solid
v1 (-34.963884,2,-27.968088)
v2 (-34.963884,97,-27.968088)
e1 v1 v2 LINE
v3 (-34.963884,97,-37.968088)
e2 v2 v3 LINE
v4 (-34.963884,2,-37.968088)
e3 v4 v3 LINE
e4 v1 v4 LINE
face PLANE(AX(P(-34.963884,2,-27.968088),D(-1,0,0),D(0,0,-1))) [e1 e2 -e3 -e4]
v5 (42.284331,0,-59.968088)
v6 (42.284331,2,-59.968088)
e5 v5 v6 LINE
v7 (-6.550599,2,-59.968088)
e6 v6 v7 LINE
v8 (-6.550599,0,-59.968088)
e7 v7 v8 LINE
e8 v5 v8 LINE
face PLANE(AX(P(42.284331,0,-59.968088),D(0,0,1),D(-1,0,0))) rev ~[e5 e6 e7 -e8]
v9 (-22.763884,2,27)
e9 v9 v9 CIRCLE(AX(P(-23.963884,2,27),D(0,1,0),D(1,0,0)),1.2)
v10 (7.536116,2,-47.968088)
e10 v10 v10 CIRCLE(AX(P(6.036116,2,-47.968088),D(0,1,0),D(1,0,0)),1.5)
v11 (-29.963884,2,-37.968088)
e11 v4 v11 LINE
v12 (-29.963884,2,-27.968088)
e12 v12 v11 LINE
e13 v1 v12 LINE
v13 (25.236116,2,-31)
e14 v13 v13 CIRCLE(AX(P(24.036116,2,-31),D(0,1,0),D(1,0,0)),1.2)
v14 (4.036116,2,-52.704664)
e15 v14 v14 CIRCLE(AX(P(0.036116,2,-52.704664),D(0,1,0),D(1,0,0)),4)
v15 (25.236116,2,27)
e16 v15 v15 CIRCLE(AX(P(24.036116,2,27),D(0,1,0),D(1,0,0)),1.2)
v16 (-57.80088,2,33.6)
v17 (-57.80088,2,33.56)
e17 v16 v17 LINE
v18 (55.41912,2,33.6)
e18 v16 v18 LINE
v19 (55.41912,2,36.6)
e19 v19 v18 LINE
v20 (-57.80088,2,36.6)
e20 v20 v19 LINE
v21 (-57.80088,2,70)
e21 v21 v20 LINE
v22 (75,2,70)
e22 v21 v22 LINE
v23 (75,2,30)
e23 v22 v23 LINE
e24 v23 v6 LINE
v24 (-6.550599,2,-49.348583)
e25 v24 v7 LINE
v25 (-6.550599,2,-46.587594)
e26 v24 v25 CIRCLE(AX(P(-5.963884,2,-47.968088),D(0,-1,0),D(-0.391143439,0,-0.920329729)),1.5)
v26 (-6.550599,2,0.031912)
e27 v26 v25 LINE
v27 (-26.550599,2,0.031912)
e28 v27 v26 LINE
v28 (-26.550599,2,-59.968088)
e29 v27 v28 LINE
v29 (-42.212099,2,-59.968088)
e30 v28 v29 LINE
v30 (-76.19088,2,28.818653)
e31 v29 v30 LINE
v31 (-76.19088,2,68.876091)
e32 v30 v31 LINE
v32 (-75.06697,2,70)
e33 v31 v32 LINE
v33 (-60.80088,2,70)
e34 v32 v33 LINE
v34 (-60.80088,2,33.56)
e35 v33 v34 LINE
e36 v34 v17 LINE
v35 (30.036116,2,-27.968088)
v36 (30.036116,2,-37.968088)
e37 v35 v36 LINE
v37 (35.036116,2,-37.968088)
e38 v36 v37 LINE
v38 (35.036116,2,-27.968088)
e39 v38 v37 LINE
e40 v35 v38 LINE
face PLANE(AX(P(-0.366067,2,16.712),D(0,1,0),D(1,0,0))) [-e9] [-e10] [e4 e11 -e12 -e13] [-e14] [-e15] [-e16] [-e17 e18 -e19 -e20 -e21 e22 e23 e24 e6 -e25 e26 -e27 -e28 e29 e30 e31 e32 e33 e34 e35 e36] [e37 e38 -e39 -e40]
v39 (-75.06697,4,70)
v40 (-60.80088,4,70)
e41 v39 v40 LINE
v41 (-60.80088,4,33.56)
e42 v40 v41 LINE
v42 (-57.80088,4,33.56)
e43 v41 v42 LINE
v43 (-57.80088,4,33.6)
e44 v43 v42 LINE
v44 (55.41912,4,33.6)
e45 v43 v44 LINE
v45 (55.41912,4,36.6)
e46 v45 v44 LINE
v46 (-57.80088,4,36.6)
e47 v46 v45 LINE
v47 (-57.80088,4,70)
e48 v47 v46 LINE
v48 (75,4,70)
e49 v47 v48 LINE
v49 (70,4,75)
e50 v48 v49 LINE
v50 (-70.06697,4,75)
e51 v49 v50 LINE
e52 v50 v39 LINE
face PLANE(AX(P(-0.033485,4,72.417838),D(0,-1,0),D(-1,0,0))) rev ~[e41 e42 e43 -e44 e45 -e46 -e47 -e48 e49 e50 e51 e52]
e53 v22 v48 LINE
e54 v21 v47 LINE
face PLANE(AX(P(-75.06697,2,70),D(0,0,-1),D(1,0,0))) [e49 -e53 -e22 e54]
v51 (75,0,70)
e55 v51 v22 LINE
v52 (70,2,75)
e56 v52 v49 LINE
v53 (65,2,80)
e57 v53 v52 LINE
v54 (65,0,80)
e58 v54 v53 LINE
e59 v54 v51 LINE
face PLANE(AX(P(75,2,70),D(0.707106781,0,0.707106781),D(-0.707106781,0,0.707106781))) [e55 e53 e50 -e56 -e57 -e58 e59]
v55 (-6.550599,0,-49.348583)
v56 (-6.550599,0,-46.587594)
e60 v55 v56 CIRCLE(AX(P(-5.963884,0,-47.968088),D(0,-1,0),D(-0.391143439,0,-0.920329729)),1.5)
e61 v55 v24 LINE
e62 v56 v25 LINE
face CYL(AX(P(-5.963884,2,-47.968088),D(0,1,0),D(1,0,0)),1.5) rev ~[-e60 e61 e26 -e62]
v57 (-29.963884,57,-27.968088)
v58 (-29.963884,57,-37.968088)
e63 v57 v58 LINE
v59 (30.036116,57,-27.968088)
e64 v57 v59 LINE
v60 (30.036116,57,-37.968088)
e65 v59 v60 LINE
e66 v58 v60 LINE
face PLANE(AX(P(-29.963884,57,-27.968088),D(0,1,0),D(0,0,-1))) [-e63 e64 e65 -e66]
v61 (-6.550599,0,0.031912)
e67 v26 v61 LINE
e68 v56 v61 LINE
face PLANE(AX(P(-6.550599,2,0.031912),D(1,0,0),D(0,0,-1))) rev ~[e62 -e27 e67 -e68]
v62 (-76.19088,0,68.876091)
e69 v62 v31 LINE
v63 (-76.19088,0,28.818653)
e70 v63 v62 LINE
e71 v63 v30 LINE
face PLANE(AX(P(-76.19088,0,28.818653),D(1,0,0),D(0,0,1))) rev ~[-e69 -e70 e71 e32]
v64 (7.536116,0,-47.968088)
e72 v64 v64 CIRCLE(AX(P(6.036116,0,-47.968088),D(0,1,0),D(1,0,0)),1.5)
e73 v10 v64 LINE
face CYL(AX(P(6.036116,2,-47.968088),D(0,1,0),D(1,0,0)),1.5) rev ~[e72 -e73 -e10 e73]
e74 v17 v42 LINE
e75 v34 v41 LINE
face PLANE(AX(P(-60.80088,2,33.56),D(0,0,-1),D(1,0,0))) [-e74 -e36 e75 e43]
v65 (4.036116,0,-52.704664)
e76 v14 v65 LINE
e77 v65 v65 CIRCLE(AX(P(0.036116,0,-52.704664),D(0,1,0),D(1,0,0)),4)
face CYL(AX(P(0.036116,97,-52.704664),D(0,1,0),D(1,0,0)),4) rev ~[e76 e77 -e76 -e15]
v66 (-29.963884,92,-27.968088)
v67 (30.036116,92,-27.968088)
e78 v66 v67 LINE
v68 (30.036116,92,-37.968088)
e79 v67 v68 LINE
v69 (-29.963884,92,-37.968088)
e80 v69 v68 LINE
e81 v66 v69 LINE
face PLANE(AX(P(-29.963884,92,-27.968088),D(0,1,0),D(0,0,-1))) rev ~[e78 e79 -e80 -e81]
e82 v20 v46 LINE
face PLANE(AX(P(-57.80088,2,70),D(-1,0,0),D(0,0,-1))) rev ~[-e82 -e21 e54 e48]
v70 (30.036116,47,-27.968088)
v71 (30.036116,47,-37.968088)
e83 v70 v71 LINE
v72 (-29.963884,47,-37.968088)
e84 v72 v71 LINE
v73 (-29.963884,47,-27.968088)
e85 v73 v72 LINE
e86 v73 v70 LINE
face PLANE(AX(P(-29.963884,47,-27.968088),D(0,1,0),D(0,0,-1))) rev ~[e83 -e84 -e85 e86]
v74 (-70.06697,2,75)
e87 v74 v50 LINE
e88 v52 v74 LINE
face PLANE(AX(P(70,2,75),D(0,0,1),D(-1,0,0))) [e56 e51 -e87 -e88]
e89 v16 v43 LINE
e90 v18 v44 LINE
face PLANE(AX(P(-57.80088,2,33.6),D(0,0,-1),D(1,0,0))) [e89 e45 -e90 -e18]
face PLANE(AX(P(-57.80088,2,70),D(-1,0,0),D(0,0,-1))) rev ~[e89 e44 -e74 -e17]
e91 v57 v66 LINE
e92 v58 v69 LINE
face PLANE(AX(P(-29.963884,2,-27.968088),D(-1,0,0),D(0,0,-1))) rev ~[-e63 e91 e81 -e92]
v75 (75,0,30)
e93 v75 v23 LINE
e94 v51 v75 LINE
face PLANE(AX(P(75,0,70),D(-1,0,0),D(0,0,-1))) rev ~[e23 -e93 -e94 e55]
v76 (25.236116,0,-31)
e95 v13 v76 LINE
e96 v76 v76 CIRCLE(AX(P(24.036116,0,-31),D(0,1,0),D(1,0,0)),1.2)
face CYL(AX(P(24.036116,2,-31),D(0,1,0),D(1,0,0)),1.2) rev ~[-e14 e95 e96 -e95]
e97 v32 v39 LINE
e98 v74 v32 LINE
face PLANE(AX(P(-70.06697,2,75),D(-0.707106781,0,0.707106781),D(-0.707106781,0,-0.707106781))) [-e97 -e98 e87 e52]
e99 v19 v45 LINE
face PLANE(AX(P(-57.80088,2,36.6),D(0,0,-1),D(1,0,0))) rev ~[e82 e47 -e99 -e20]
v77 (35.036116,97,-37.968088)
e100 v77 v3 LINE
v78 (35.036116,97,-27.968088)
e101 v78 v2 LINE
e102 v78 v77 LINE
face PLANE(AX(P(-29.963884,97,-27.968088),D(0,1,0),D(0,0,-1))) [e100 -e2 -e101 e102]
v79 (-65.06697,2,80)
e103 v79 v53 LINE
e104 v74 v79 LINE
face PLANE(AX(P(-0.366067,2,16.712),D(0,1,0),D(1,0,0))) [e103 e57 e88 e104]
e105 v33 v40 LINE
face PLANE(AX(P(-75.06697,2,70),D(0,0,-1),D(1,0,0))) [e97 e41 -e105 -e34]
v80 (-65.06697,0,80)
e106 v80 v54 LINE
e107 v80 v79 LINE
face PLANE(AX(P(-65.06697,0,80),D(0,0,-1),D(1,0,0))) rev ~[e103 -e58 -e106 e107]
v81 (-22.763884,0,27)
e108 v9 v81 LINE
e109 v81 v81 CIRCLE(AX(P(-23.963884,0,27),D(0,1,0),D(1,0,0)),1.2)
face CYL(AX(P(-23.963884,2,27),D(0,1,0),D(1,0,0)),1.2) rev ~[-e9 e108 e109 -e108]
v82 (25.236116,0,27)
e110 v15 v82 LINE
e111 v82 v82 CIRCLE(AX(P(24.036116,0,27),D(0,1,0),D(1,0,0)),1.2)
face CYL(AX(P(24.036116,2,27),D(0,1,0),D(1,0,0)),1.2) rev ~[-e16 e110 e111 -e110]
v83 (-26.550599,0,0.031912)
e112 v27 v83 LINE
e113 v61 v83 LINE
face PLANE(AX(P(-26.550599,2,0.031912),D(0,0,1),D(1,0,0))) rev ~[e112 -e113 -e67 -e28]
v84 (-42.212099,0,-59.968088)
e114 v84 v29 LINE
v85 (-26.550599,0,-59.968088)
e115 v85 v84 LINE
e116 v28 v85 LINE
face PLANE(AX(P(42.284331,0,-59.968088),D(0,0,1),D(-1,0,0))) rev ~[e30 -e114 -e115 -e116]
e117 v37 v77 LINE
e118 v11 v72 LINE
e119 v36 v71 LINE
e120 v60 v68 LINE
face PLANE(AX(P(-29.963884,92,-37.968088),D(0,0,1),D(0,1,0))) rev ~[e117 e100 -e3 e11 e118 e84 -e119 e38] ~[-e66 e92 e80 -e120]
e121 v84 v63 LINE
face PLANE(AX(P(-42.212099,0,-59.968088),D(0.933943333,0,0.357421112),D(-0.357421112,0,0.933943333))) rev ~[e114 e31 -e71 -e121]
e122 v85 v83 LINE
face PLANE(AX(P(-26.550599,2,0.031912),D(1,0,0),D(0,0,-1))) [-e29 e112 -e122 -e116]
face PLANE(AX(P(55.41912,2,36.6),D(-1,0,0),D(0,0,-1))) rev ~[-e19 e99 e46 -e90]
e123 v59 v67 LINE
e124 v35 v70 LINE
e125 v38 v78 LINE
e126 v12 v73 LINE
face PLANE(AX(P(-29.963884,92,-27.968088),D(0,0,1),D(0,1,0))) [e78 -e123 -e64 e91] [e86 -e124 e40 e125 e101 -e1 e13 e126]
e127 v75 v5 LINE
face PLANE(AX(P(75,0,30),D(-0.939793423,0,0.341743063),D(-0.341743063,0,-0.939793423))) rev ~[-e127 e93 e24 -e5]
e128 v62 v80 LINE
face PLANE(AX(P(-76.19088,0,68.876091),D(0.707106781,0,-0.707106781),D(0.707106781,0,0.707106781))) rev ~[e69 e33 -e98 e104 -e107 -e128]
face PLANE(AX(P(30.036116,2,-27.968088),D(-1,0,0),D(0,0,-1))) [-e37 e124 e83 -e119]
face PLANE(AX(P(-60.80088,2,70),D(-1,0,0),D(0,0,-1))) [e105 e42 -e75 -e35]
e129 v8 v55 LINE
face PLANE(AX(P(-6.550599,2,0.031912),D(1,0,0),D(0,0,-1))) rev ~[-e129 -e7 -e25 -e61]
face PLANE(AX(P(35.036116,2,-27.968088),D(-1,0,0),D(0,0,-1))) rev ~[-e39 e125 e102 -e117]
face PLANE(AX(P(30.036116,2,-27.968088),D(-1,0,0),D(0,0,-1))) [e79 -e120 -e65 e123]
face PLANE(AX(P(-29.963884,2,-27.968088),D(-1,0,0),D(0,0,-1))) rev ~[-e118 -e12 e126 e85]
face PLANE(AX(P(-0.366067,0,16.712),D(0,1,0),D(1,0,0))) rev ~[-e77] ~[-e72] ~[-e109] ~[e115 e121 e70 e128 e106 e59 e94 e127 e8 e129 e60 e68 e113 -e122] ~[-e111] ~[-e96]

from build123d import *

# Parameters (mm, degrees)
BOSS_EXTRUDE1_DEPTH = 2
BOSS_EXTRUDE2_DEPTH = 2
SKETCH4_W           = 3
SKETCH4_H           = 36.44
BOSS_EXTRUDE3_DEPTH = 2
SKETCH5_W           = 113.22
SKETCH5_H           = 3
BOSS_EXTRUDE4_DEPTH = 2
CUT_EXTRUDE1_REACH  = 4
SKETCH6_R           = 1.2
CUT_EXTRUDE2_REACH  = 4
SKETCH10_R          = 1.5
SKETCH11_W          = 5
SKETCH11_H          = 10
BOSS_EXTRUDE6_DEPTH = 95
SKETCH12_W          = 10
SKETCH12_H          = 5
BOSS_EXTRUDE7_DEPTH = 60
CUT_EXTRUDE3_REACH  = 99
SKETCH13_R          = 4
SKETCH14_W          = 10
SKETCH14_H          = 10
BOSS_EXTRUDE8_DEPTH = 60
CUT_EXTRUDE4_REACH  = 4
SKETCH16_W          = 20
SKETCH16_H          = 60


with BuildPart() as part:
    # Sketch1 → Boss-Extrude1 (new body)
    with BuildSketch(Plane(origin=(0, 0, 0), x_dir=(1, 0, 0), z_dir=(0, 1, 0))):
        Polygon((-76.190879746, -68.876090608), (-65.066970355, -80), (65, -80), (75, -70), (75, -30), (42.284331493, 59.968088394), (-42.212099054, 59.968088394), (-76.190879746, -28.818652669), align=None)
    extrude(amount=BOSS_EXTRUDE1_DEPTH)

    # Sketch2 → Boss-Extrude2 (add)
    with BuildSketch(Plane(origin=(0, 2, 0), x_dir=(1, 0, 0), z_dir=(0, 1, 0))):
        Polygon((-75.066970355, -70), (75, -70), (70, -75), (-70.066970355, -75), align=None)
    extrude(amount=BOSS_EXTRUDE2_DEPTH)

    # Sketch4 → Boss-Extrude3 (add)
    with BuildSketch(Plane(origin=(0, 2, 0), x_dir=(1, 0, 0), z_dir=(0, 1, 0))):
        with Locations((-59.300879746, -51.78)):
            Rectangle(SKETCH4_W, SKETCH4_H)
    extrude(amount=BOSS_EXTRUDE3_DEPTH)

    # Sketch5 → Boss-Extrude4 (add)
    with BuildSketch(Plane(origin=(0, 2, 0), x_dir=(1, 0, 0), z_dir=(0, 1, 0))):
        with Locations((-1.190879746, -35.1)):
            Rectangle(SKETCH5_W, SKETCH5_H)
    extrude(amount=BOSS_EXTRUDE4_DEPTH)

    # Sketch6 → Cut-Extrude1 (cut, up to next)
    with BuildSketch(Plane(origin=(0, 2, 0), x_dir=(1, 0, 0), z_dir=(0, 1, 0)), mode=Mode.PRIVATE) as cut_extrude1_sk1:
        with Locations((-23.96388378, 31)):
            Circle(SKETCH6_R)
    cut_extrude1_tool1 = extrude(cut_extrude1_sk1.sketch, amount=-CUT_EXTRUDE1_REACH, mode=Mode.PRIVATE) & part.part
    add(cut_extrude1_tool1.solids().sort_by_distance((-23.963884, 2, -31))[0], mode=Mode.SUBTRACT)
    # Sketch6 → Cut-Extrude1 (cut, up to next)
    with BuildSketch(Plane(origin=(0, 2, 0), x_dir=(1, 0, 0), z_dir=(0, 1, 0)), mode=Mode.PRIVATE) as cut_extrude1_sk2:
        with Locations((24.03611622, 31)):
            Circle(SKETCH6_R)
    cut_extrude1_tool2 = extrude(cut_extrude1_sk2.sketch, amount=-CUT_EXTRUDE1_REACH, mode=Mode.PRIVATE) & part.part
    add(cut_extrude1_tool2.solids().sort_by_distance((24.036116, 2, -31))[0], mode=Mode.SUBTRACT)
    # Sketch6 → Cut-Extrude1 (cut, up to next)
    with BuildSketch(Plane(origin=(0, 2, 0), x_dir=(1, 0, 0), z_dir=(0, 1, 0)), mode=Mode.PRIVATE) as cut_extrude1_sk3:
        with Locations((-23.96388378, -27)):
            Circle(SKETCH6_R)
    cut_extrude1_tool3 = extrude(cut_extrude1_sk3.sketch, amount=-CUT_EXTRUDE1_REACH, mode=Mode.PRIVATE) & part.part
    add(cut_extrude1_tool3.solids().sort_by_distance((-23.963884, 2, 27))[0], mode=Mode.SUBTRACT)
    # Sketch6 → Cut-Extrude1 (cut, up to next)
    with BuildSketch(Plane(origin=(0, 2, 0), x_dir=(1, 0, 0), z_dir=(0, 1, 0)), mode=Mode.PRIVATE) as cut_extrude1_sk4:
        with Locations((24.03611622, -27)):
            Circle(SKETCH6_R)
    cut_extrude1_tool4 = extrude(cut_extrude1_sk4.sketch, amount=-CUT_EXTRUDE1_REACH, mode=Mode.PRIVATE) & part.part
    add(cut_extrude1_tool4.solids().sort_by_distance((24.036116, 2, 27))[0], mode=Mode.SUBTRACT)

    # Sketch10 → Cut-Extrude2 (cut, up to next)
    with BuildSketch(Plane(origin=(0, 2, 0), x_dir=(1, 0, 0), z_dir=(0, 1, 0)), mode=Mode.PRIVATE) as cut_extrude2_sk1:
        with Locations((-5.96388378, 47.968088394)):
            Circle(SKETCH10_R)
    cut_extrude2_tool1 = extrude(cut_extrude2_sk1.sketch, amount=-CUT_EXTRUDE2_REACH, mode=Mode.PRIVATE) & part.part
    add(cut_extrude2_tool1.solids().sort_by_distance((-5.963884, 2, -47.968088))[0], mode=Mode.SUBTRACT)
    # Sketch10 → Cut-Extrude2 (cut, up to next)
    with BuildSketch(Plane(origin=(0, 2, 0), x_dir=(1, 0, 0), z_dir=(0, 1, 0)), mode=Mode.PRIVATE) as cut_extrude2_sk2:
        with Locations((6.03611622, 47.968088394)):
            Circle(SKETCH10_R)
    cut_extrude2_tool2 = extrude(cut_extrude2_sk2.sketch, amount=-CUT_EXTRUDE2_REACH, mode=Mode.PRIVATE) & part.part
    add(cut_extrude2_tool2.solids().sort_by_distance((6.036116, 2, -47.968088))[0], mode=Mode.SUBTRACT)

    # Sketch11 → Boss-Extrude6 (add)
    with BuildSketch(Plane(origin=(0, 2, 0), x_dir=(1, 0, 0), z_dir=(0, 1, 0))):
        with Locations((-32.46388378, 32.968088394)):
            Rectangle(SKETCH11_W, SKETCH11_H)
        with Locations((32.53611622, 32.968088394)):
            Rectangle(SKETCH11_W, SKETCH11_H)
    extrude(amount=BOSS_EXTRUDE6_DEPTH)

    # Sketch12 → Boss-Extrude7 (add)
    with BuildSketch(Plane(origin=(-29.96388378, 0, 0), x_dir=(0, 0, -1), z_dir=(1, 0, 0))):
        with Locations((32.968088394, 94.5)):
            Rectangle(SKETCH12_W, SKETCH12_H)
    extrude(amount=BOSS_EXTRUDE7_DEPTH)

    # Sketch13 → Cut-Extrude3 (cut, up to next)
    with BuildSketch(Plane(origin=(0, 97, 0), x_dir=(1, 0, 0), z_dir=(0, 1, 0)), mode=Mode.PRIVATE) as cut_extrude3_sk1:
        with Locations((0.03611622, 52.704663647)):
            Circle(SKETCH13_R)
    cut_extrude3_tool1 = extrude(cut_extrude3_sk1.sketch, amount=-CUT_EXTRUDE3_REACH, mode=Mode.PRIVATE) & part.part
    add(cut_extrude3_tool1.solids().sort_by_distance((0.036116, 97, -52.704664))[0], mode=Mode.SUBTRACT)

    # Sketch14 → Boss-Extrude8 (add)
    with BuildSketch(Plane(origin=(-29.96388378, 0, 0), x_dir=(0, 0, -1), z_dir=(1, 0, 0))):
        with Locations((32.968088394, 52)):
            Rectangle(SKETCH14_W, SKETCH14_H)
    extrude(amount=BOSS_EXTRUDE8_DEPTH)

    # Sketch16 → Cut-Extrude4 (cut, up to next)
    with BuildSketch(Plane(origin=(0, 2, 0), x_dir=(1, 0, 0), z_dir=(0, 1, 0)), mode=Mode.PRIVATE) as cut_extrude4_sk1:
        with Locations((-16.550598938, 29.968088394)):
            Rectangle(SKETCH16_W, SKETCH16_H)
    cut_extrude4_tool1 = extrude(cut_extrude4_sk1.sketch, amount=-CUT_EXTRUDE4_REACH, mode=Mode.PRIVATE) & part.part
    add(cut_extrude4_tool1.solids().sort_by_distance((-16.550599, 2, -29.968088))[0], mode=Mode.SUBTRACT)


solid = part.part
